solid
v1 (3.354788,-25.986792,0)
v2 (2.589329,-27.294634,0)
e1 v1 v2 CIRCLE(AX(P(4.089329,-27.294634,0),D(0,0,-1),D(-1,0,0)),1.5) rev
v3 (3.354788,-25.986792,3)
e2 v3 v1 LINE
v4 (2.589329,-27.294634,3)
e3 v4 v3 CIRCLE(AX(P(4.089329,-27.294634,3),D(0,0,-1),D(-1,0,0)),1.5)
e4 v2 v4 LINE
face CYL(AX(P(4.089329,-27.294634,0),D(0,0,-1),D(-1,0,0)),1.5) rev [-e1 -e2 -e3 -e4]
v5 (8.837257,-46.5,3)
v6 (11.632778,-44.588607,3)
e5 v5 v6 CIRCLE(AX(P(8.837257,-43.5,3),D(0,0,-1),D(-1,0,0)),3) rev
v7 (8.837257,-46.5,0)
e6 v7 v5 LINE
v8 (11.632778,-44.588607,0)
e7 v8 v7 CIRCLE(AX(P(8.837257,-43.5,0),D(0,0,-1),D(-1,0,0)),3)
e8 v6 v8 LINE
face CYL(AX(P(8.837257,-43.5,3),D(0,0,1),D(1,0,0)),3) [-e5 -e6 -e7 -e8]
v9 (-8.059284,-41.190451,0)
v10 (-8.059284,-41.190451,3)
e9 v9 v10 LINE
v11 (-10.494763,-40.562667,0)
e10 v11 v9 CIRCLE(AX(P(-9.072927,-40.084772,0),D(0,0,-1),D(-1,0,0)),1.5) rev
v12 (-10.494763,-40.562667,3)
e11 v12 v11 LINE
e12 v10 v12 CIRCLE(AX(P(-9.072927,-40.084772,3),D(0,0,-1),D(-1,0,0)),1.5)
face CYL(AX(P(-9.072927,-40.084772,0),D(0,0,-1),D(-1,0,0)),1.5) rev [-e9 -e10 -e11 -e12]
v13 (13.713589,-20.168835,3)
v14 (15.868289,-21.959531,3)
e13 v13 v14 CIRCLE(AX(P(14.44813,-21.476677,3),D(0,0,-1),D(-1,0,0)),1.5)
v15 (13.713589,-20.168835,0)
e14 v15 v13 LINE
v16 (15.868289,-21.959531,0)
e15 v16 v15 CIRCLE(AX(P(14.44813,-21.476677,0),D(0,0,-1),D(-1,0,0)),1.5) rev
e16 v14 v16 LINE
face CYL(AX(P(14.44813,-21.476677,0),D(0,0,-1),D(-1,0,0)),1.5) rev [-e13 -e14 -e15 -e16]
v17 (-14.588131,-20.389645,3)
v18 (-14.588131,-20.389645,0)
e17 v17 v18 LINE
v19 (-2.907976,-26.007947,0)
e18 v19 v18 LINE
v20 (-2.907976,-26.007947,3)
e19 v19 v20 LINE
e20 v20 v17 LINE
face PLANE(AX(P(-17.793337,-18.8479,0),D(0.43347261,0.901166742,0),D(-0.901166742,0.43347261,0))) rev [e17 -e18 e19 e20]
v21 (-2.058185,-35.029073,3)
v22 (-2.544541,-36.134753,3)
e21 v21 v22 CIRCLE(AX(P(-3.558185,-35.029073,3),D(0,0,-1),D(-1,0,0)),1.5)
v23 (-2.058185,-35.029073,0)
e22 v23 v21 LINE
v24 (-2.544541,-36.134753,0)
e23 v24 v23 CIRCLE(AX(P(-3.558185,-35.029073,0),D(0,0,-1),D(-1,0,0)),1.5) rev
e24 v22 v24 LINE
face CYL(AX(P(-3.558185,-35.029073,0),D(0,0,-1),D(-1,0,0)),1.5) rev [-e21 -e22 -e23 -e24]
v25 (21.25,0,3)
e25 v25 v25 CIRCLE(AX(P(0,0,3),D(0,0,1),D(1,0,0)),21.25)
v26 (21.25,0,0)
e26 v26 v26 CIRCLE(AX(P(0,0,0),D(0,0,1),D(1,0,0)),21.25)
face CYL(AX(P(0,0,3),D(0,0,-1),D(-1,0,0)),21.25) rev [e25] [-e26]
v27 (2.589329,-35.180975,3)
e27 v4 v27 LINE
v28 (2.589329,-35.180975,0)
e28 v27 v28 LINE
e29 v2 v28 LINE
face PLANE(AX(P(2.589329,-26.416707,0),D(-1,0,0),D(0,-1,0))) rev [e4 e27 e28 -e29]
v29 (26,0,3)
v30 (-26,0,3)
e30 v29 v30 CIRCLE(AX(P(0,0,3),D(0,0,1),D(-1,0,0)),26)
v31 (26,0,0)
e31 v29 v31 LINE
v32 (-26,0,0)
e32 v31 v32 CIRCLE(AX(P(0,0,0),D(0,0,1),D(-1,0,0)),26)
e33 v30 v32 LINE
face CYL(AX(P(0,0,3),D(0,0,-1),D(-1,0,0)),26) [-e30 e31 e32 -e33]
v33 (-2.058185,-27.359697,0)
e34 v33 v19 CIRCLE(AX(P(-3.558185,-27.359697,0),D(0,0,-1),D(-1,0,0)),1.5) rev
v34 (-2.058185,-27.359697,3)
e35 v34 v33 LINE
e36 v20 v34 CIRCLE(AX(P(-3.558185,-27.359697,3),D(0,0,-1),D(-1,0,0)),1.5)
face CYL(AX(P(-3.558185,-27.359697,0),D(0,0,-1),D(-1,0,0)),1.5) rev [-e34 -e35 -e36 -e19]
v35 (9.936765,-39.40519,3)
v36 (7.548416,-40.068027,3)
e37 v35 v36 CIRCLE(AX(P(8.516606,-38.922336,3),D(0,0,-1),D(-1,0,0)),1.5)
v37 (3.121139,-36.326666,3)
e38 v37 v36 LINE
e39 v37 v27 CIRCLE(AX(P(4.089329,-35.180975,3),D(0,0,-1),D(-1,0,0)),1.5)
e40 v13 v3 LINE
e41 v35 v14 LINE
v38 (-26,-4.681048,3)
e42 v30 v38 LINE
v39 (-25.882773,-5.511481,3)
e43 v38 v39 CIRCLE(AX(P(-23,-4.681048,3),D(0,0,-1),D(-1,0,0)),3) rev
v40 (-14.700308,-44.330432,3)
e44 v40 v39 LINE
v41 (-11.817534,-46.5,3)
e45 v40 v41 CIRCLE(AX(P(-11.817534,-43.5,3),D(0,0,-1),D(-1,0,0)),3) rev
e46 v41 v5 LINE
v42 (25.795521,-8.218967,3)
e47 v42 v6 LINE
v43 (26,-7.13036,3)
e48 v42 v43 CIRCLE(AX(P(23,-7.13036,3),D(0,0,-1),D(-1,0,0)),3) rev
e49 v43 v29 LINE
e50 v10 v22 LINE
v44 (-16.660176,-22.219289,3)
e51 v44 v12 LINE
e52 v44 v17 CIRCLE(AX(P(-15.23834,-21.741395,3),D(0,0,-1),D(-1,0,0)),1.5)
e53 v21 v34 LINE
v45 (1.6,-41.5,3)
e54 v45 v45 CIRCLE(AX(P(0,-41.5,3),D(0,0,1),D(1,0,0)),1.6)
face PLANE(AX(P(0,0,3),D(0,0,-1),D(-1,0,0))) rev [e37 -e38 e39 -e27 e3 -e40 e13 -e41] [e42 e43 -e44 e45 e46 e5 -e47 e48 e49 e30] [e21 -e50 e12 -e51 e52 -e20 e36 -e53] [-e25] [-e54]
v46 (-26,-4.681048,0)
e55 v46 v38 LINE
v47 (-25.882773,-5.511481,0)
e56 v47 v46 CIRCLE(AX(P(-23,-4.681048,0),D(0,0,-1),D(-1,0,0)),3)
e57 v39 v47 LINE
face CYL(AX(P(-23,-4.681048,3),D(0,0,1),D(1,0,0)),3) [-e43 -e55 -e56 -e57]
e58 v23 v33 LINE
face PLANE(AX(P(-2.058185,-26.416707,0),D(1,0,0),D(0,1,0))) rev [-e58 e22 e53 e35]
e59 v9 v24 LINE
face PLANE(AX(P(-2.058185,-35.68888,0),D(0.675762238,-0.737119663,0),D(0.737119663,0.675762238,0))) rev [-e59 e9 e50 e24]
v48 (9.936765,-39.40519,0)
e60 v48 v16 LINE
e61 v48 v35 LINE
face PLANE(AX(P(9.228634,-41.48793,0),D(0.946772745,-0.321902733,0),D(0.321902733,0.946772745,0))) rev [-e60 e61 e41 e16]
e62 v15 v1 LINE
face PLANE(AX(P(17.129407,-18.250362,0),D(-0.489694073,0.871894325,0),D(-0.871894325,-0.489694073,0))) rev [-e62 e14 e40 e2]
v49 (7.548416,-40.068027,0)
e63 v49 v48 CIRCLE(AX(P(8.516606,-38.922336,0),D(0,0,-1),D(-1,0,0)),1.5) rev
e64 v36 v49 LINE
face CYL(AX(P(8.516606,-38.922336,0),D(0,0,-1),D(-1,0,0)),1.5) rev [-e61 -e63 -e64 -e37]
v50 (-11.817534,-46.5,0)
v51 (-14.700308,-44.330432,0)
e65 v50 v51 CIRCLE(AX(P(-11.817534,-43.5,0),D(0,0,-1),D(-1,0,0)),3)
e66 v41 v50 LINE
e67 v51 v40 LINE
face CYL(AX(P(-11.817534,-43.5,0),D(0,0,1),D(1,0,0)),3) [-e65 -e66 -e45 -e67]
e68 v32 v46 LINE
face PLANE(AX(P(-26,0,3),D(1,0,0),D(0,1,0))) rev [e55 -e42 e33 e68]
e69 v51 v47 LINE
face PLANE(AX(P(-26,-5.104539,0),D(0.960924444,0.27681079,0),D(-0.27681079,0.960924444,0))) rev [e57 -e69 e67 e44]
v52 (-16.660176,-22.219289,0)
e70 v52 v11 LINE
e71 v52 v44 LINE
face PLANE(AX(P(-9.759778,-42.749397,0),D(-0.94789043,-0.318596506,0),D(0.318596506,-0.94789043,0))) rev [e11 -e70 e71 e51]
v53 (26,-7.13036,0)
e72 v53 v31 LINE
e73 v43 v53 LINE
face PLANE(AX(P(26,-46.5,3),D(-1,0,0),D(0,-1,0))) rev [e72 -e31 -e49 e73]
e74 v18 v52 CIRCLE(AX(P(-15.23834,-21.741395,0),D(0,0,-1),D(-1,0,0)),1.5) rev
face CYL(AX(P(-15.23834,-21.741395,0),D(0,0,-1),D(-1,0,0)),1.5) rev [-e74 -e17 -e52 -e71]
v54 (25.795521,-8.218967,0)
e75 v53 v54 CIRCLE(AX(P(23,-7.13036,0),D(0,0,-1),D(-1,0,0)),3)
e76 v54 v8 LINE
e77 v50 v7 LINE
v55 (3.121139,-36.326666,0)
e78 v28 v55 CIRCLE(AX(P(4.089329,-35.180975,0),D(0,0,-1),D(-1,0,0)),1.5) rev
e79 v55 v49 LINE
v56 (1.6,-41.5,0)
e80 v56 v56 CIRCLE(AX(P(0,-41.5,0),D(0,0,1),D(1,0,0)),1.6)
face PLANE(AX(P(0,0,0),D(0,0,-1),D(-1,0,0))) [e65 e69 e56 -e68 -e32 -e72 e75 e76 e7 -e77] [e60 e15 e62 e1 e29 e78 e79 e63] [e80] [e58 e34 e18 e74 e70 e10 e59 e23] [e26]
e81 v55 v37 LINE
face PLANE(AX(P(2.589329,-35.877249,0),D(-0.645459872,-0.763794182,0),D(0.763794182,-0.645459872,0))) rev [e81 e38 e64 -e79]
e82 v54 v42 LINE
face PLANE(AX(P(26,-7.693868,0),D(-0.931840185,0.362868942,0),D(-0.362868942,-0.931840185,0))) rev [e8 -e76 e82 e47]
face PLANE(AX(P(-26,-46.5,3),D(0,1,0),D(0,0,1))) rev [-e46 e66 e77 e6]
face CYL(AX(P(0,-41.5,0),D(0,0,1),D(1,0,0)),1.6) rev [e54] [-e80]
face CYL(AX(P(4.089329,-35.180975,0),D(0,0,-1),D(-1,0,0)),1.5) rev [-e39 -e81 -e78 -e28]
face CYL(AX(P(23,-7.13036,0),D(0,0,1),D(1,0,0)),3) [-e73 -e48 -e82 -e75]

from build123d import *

# Parameters (mm, degrees)
SKETCH_1_R          = 21.25
EXTRUDE_1_DEPTH     = 3
SKETCH_2_R          = 1.6
CUT_EXTRUDE_1_DEPTH = 3
CUT_EXTRUDE_2_DEPTH = 54.359628934
FILLET_1_R          = 1.5
FILLET_2_R          = 3


with BuildPart() as part:
    # 草图1 → 凸台-拉伸1 (new body)
    with BuildSketch(Plane.XY):
        with BuildLine():
            Line((-26, 0), (-26, -46.5))
            Line((-26, -46.5), (26, -46.5))
            Line((26, -46.5), (26, 0))
            ThreePointArc((26, 0), (0, 26), (-26, 0))
        make_face()
        Circle(SKETCH_1_R, mode=Mode.SUBTRACT)
    extrude(amount=EXTRUDE_1_DEPTH)

    # 草图2 → 切除-拉伸1 (cut)
    with BuildSketch(Plane.XY.offset(3)):
        with Locations((0, -41.5)):
            Circle(SKETCH_2_R)
    extrude(amount=-CUT_EXTRUDE_1_DEPTH, mode=Mode.SUBTRACT)

    # 草图3 → 切除-拉伸2 (cut, through all)
    with BuildSketch(Plane.XY.offset(3)):
        Polygon((-26, -5.104538701), (-14.075326392, -46.5), (-26, -46.5), align=None)
        Polygon((26, -7.693867613), (10.888460039, -46.5), (26, -46.5), align=None)
        Polygon((-17.793337137, -18.847899848), (-2.05818452, -26.416707436), (-2.05818452, -35.688880127), (-9.759778205, -42.749397494), align=None)
        Polygon((17.129406646, -18.250362407), (2.589328912, -26.416707436), (2.589328912, -35.877249364), (9.228633813, -41.487929562), align=None)
    extrude(amount=-CUT_EXTRUDE_2_DEPTH, mode=Mode.SUBTRACT)

    # 圆角1
    fillet_1_edges = [part.edges().sort_by_distance(p)[0] for p in [
        (-9.759778205, -42.749397494, 1.5),
        (-17.793337137, -18.847899848, 1.5),
        (-2.05818452, -26.416707436, 1.5),
        (-2.05818452, -35.688880127, 1.5),
        (17.129406646, -18.250362407, 1.5),
        (9.228633813, -41.487929562, 1.5),
        (2.589328912, -35.877249364, 1.5),
        (2.589328912, -26.416707436, 1.5),
    ]]
    fillet(fillet_1_edges, radius=FILLET_1_R)

    # 圆角2
    fillet_2_edges = [part.edges().sort_by_distance(p)[0] for p in [
        (26, -7.693867613, 1.5),
        (10.888460039, -46.5, 1.5),
        (-26, -5.104538701, 1.5),
        (-14.075326392, -46.5, 1.5),
    ]]
    fillet(fillet_2_edges, radius=FILLET_2_R)


solid = part.part
